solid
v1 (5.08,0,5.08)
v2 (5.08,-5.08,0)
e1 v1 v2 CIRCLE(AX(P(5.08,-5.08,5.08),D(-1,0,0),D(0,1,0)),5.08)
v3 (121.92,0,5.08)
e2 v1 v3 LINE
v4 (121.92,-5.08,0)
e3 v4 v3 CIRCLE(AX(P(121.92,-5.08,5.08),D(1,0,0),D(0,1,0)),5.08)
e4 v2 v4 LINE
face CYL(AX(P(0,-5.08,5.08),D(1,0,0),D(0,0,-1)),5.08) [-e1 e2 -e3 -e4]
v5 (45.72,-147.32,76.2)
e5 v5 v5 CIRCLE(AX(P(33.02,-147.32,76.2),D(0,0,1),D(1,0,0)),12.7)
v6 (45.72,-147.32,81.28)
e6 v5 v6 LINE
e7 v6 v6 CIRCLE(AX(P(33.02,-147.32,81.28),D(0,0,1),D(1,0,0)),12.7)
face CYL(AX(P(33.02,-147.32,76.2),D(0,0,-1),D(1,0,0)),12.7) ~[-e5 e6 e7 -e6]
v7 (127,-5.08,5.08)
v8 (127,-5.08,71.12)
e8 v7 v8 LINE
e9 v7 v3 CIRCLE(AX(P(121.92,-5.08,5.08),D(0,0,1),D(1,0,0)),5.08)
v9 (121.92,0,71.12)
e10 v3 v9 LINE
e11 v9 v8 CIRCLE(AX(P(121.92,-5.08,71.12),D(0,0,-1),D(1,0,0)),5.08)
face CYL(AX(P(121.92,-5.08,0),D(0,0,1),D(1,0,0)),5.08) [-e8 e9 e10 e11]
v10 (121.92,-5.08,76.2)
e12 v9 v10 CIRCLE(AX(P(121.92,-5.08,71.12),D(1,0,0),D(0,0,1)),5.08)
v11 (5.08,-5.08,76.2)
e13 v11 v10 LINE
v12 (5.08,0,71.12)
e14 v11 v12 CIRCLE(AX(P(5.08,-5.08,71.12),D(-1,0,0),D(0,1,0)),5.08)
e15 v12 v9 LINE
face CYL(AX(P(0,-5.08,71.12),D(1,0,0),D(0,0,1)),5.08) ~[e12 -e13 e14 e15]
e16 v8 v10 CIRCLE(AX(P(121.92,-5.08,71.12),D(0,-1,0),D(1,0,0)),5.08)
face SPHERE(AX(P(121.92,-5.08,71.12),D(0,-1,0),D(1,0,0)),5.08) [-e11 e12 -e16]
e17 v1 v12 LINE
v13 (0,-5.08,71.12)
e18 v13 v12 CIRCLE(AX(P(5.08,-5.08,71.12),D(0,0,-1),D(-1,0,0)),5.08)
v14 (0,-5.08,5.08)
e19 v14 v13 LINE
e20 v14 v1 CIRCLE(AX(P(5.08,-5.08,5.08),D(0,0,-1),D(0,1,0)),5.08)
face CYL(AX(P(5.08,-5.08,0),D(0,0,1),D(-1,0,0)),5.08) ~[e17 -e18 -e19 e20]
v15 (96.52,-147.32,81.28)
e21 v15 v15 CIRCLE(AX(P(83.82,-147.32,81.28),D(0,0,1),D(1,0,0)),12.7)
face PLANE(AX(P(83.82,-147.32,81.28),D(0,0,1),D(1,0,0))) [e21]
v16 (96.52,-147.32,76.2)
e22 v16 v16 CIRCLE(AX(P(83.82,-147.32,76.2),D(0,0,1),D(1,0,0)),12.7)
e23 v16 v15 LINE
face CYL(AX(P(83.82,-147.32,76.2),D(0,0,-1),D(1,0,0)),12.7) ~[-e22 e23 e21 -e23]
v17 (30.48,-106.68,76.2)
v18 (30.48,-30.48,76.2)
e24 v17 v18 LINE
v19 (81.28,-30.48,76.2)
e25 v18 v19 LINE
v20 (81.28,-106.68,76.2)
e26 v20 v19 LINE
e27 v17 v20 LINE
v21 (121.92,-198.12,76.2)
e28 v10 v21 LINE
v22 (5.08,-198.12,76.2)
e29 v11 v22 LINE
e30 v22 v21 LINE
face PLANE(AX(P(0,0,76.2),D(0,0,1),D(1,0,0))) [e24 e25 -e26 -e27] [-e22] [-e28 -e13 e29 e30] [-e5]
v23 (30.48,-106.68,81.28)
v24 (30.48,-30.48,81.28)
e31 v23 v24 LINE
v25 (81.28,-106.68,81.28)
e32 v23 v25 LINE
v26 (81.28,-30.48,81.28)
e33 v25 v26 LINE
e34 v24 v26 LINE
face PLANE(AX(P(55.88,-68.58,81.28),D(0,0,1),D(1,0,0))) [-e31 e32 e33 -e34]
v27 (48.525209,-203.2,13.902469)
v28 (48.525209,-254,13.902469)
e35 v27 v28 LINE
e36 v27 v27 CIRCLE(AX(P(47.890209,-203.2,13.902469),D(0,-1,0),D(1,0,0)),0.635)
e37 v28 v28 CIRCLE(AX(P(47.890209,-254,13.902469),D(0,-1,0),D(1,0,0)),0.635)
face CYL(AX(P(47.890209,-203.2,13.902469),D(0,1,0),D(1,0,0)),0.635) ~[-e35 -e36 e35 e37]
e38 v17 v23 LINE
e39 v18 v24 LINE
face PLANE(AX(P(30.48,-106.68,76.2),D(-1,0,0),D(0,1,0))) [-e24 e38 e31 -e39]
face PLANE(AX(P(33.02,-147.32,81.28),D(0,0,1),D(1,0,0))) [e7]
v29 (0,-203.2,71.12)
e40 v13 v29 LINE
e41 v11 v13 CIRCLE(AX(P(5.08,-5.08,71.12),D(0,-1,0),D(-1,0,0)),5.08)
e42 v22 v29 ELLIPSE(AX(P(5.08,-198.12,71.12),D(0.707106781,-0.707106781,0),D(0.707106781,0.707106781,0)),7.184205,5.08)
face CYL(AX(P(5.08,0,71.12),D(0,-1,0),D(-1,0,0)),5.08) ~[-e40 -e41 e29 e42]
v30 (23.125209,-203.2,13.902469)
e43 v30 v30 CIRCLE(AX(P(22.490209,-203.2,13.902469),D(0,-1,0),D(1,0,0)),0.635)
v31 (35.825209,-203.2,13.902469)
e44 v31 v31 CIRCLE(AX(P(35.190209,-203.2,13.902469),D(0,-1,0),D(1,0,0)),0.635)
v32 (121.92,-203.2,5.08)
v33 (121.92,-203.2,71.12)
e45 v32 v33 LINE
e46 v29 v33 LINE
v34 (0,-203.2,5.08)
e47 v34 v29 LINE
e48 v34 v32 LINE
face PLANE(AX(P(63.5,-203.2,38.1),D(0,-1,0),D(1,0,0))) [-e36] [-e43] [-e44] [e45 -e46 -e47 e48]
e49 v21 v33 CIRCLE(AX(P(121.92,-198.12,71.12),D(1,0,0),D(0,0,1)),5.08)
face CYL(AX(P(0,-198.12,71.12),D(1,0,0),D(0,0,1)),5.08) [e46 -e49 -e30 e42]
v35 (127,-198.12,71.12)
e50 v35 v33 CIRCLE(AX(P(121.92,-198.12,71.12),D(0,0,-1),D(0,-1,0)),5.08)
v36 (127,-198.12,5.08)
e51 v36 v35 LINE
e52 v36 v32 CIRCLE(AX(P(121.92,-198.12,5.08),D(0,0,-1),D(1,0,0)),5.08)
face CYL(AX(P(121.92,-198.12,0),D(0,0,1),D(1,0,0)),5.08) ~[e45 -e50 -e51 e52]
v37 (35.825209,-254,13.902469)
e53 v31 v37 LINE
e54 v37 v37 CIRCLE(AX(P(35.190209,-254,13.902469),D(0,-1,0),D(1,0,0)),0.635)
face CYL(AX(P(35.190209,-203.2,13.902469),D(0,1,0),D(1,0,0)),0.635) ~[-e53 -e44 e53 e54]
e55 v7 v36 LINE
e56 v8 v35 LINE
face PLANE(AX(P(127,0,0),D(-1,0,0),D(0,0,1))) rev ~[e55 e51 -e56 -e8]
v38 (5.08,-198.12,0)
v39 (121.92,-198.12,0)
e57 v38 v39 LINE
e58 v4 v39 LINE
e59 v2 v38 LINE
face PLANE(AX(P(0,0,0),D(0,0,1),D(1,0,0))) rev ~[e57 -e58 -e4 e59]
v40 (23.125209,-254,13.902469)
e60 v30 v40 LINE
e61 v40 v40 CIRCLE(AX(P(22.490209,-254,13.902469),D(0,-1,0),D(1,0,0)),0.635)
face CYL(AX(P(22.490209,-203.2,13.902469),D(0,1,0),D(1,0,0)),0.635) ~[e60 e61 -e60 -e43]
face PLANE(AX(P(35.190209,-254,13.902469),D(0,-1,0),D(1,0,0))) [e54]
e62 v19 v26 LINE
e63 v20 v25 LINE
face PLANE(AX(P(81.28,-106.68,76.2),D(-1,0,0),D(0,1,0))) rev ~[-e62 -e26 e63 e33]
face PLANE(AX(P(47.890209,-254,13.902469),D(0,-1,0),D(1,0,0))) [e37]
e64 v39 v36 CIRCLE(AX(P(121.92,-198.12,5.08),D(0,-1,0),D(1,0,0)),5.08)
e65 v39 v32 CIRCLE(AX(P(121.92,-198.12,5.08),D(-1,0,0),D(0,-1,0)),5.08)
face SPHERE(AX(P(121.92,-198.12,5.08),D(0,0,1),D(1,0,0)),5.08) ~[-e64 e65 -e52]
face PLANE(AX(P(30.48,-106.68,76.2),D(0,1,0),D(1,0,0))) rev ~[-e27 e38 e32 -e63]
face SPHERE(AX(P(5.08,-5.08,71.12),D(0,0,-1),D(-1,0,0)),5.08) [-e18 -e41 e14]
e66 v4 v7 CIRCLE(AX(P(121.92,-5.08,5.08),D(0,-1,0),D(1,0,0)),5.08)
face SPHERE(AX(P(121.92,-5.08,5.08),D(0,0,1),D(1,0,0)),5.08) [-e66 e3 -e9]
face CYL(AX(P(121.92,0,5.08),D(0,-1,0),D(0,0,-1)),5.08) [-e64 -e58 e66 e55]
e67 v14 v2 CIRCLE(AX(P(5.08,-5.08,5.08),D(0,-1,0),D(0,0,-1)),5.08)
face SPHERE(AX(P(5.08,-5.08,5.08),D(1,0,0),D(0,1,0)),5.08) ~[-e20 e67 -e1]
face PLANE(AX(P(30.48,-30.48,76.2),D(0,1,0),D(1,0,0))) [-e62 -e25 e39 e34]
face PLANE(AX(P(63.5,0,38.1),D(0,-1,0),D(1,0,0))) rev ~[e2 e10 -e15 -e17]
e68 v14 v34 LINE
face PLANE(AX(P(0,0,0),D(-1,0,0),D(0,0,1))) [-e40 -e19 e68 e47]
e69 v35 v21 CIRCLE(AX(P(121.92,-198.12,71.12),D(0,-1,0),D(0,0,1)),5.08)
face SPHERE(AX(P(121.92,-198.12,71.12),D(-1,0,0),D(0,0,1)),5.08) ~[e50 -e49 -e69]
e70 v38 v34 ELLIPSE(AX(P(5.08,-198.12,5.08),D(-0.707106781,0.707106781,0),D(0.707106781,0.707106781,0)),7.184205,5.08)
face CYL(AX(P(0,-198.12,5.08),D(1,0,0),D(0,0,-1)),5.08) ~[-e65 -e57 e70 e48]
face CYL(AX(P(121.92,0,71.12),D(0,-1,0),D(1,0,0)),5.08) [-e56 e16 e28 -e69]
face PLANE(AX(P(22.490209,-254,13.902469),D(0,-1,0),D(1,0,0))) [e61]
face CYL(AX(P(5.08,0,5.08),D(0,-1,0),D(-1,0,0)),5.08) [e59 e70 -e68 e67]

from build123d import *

# Parameters (mm, degrees)
F0_W     = 127
F0_H     = 76.2
F1_DEPTH = 203.2
F2_R     = 5.08
F3_R     = 0.635
F4_DEPTH = 50.8
F5_W     = 50.8
F5_H     = 76.2
F5_R     = 12.7
F6_DEPTH = 5.08


with BuildPart() as f1:
    # F0 (on Front) → F1 (new body)
    with BuildSketch(Plane.XZ):
        with Locations((63.5, 38.1)):
            Rectangle(F0_W, F0_H)
    extrude(amount=F1_DEPTH)

    # F2
    f2_edges = [f1.edges().sort_by_distance(p)[0] for p in [
        (63.5, -203.2, 76.2),
        (127, -101.6, 76.2),
        (127, -203.2, 38.1),
        (127, 0, 38.1),
        (127, -101.6, 0),
        (63.5, -203.2, 0),
        (63.5, 0, 0),
        (0, 0, 38.1),
        (0, -101.6, 0),
        (0, -101.6, 76.2),
        (63.5, 0, 76.2),
    ]]
    fillet(f2_edges, radius=F2_R)

    # F3 (on face) → F4 (join)
    with BuildSketch(Plane.XZ.offset(203.2)):
        with Locations((22.490209, 13.902469)):
            Circle(F3_R)
        with Locations((35.190209, 13.902469)):
            Circle(F3_R)
        with Locations((47.890209, 13.902469)):
            Circle(F3_R)
    extrude(amount=F4_DEPTH)

    # F5 (on face) → F6 (join)
    with BuildSketch(Plane.XY.offset(76.2)):
        with Locations((55.88, -68.58)):
            Rectangle(F5_W, F5_H)
        with Locations((33.02, -147.32)):
            Circle(F5_R)
        with Locations((83.82, -147.32)):
            Circle(F5_R)
    extrude(amount=F6_DEPTH)


solid = f1.part
